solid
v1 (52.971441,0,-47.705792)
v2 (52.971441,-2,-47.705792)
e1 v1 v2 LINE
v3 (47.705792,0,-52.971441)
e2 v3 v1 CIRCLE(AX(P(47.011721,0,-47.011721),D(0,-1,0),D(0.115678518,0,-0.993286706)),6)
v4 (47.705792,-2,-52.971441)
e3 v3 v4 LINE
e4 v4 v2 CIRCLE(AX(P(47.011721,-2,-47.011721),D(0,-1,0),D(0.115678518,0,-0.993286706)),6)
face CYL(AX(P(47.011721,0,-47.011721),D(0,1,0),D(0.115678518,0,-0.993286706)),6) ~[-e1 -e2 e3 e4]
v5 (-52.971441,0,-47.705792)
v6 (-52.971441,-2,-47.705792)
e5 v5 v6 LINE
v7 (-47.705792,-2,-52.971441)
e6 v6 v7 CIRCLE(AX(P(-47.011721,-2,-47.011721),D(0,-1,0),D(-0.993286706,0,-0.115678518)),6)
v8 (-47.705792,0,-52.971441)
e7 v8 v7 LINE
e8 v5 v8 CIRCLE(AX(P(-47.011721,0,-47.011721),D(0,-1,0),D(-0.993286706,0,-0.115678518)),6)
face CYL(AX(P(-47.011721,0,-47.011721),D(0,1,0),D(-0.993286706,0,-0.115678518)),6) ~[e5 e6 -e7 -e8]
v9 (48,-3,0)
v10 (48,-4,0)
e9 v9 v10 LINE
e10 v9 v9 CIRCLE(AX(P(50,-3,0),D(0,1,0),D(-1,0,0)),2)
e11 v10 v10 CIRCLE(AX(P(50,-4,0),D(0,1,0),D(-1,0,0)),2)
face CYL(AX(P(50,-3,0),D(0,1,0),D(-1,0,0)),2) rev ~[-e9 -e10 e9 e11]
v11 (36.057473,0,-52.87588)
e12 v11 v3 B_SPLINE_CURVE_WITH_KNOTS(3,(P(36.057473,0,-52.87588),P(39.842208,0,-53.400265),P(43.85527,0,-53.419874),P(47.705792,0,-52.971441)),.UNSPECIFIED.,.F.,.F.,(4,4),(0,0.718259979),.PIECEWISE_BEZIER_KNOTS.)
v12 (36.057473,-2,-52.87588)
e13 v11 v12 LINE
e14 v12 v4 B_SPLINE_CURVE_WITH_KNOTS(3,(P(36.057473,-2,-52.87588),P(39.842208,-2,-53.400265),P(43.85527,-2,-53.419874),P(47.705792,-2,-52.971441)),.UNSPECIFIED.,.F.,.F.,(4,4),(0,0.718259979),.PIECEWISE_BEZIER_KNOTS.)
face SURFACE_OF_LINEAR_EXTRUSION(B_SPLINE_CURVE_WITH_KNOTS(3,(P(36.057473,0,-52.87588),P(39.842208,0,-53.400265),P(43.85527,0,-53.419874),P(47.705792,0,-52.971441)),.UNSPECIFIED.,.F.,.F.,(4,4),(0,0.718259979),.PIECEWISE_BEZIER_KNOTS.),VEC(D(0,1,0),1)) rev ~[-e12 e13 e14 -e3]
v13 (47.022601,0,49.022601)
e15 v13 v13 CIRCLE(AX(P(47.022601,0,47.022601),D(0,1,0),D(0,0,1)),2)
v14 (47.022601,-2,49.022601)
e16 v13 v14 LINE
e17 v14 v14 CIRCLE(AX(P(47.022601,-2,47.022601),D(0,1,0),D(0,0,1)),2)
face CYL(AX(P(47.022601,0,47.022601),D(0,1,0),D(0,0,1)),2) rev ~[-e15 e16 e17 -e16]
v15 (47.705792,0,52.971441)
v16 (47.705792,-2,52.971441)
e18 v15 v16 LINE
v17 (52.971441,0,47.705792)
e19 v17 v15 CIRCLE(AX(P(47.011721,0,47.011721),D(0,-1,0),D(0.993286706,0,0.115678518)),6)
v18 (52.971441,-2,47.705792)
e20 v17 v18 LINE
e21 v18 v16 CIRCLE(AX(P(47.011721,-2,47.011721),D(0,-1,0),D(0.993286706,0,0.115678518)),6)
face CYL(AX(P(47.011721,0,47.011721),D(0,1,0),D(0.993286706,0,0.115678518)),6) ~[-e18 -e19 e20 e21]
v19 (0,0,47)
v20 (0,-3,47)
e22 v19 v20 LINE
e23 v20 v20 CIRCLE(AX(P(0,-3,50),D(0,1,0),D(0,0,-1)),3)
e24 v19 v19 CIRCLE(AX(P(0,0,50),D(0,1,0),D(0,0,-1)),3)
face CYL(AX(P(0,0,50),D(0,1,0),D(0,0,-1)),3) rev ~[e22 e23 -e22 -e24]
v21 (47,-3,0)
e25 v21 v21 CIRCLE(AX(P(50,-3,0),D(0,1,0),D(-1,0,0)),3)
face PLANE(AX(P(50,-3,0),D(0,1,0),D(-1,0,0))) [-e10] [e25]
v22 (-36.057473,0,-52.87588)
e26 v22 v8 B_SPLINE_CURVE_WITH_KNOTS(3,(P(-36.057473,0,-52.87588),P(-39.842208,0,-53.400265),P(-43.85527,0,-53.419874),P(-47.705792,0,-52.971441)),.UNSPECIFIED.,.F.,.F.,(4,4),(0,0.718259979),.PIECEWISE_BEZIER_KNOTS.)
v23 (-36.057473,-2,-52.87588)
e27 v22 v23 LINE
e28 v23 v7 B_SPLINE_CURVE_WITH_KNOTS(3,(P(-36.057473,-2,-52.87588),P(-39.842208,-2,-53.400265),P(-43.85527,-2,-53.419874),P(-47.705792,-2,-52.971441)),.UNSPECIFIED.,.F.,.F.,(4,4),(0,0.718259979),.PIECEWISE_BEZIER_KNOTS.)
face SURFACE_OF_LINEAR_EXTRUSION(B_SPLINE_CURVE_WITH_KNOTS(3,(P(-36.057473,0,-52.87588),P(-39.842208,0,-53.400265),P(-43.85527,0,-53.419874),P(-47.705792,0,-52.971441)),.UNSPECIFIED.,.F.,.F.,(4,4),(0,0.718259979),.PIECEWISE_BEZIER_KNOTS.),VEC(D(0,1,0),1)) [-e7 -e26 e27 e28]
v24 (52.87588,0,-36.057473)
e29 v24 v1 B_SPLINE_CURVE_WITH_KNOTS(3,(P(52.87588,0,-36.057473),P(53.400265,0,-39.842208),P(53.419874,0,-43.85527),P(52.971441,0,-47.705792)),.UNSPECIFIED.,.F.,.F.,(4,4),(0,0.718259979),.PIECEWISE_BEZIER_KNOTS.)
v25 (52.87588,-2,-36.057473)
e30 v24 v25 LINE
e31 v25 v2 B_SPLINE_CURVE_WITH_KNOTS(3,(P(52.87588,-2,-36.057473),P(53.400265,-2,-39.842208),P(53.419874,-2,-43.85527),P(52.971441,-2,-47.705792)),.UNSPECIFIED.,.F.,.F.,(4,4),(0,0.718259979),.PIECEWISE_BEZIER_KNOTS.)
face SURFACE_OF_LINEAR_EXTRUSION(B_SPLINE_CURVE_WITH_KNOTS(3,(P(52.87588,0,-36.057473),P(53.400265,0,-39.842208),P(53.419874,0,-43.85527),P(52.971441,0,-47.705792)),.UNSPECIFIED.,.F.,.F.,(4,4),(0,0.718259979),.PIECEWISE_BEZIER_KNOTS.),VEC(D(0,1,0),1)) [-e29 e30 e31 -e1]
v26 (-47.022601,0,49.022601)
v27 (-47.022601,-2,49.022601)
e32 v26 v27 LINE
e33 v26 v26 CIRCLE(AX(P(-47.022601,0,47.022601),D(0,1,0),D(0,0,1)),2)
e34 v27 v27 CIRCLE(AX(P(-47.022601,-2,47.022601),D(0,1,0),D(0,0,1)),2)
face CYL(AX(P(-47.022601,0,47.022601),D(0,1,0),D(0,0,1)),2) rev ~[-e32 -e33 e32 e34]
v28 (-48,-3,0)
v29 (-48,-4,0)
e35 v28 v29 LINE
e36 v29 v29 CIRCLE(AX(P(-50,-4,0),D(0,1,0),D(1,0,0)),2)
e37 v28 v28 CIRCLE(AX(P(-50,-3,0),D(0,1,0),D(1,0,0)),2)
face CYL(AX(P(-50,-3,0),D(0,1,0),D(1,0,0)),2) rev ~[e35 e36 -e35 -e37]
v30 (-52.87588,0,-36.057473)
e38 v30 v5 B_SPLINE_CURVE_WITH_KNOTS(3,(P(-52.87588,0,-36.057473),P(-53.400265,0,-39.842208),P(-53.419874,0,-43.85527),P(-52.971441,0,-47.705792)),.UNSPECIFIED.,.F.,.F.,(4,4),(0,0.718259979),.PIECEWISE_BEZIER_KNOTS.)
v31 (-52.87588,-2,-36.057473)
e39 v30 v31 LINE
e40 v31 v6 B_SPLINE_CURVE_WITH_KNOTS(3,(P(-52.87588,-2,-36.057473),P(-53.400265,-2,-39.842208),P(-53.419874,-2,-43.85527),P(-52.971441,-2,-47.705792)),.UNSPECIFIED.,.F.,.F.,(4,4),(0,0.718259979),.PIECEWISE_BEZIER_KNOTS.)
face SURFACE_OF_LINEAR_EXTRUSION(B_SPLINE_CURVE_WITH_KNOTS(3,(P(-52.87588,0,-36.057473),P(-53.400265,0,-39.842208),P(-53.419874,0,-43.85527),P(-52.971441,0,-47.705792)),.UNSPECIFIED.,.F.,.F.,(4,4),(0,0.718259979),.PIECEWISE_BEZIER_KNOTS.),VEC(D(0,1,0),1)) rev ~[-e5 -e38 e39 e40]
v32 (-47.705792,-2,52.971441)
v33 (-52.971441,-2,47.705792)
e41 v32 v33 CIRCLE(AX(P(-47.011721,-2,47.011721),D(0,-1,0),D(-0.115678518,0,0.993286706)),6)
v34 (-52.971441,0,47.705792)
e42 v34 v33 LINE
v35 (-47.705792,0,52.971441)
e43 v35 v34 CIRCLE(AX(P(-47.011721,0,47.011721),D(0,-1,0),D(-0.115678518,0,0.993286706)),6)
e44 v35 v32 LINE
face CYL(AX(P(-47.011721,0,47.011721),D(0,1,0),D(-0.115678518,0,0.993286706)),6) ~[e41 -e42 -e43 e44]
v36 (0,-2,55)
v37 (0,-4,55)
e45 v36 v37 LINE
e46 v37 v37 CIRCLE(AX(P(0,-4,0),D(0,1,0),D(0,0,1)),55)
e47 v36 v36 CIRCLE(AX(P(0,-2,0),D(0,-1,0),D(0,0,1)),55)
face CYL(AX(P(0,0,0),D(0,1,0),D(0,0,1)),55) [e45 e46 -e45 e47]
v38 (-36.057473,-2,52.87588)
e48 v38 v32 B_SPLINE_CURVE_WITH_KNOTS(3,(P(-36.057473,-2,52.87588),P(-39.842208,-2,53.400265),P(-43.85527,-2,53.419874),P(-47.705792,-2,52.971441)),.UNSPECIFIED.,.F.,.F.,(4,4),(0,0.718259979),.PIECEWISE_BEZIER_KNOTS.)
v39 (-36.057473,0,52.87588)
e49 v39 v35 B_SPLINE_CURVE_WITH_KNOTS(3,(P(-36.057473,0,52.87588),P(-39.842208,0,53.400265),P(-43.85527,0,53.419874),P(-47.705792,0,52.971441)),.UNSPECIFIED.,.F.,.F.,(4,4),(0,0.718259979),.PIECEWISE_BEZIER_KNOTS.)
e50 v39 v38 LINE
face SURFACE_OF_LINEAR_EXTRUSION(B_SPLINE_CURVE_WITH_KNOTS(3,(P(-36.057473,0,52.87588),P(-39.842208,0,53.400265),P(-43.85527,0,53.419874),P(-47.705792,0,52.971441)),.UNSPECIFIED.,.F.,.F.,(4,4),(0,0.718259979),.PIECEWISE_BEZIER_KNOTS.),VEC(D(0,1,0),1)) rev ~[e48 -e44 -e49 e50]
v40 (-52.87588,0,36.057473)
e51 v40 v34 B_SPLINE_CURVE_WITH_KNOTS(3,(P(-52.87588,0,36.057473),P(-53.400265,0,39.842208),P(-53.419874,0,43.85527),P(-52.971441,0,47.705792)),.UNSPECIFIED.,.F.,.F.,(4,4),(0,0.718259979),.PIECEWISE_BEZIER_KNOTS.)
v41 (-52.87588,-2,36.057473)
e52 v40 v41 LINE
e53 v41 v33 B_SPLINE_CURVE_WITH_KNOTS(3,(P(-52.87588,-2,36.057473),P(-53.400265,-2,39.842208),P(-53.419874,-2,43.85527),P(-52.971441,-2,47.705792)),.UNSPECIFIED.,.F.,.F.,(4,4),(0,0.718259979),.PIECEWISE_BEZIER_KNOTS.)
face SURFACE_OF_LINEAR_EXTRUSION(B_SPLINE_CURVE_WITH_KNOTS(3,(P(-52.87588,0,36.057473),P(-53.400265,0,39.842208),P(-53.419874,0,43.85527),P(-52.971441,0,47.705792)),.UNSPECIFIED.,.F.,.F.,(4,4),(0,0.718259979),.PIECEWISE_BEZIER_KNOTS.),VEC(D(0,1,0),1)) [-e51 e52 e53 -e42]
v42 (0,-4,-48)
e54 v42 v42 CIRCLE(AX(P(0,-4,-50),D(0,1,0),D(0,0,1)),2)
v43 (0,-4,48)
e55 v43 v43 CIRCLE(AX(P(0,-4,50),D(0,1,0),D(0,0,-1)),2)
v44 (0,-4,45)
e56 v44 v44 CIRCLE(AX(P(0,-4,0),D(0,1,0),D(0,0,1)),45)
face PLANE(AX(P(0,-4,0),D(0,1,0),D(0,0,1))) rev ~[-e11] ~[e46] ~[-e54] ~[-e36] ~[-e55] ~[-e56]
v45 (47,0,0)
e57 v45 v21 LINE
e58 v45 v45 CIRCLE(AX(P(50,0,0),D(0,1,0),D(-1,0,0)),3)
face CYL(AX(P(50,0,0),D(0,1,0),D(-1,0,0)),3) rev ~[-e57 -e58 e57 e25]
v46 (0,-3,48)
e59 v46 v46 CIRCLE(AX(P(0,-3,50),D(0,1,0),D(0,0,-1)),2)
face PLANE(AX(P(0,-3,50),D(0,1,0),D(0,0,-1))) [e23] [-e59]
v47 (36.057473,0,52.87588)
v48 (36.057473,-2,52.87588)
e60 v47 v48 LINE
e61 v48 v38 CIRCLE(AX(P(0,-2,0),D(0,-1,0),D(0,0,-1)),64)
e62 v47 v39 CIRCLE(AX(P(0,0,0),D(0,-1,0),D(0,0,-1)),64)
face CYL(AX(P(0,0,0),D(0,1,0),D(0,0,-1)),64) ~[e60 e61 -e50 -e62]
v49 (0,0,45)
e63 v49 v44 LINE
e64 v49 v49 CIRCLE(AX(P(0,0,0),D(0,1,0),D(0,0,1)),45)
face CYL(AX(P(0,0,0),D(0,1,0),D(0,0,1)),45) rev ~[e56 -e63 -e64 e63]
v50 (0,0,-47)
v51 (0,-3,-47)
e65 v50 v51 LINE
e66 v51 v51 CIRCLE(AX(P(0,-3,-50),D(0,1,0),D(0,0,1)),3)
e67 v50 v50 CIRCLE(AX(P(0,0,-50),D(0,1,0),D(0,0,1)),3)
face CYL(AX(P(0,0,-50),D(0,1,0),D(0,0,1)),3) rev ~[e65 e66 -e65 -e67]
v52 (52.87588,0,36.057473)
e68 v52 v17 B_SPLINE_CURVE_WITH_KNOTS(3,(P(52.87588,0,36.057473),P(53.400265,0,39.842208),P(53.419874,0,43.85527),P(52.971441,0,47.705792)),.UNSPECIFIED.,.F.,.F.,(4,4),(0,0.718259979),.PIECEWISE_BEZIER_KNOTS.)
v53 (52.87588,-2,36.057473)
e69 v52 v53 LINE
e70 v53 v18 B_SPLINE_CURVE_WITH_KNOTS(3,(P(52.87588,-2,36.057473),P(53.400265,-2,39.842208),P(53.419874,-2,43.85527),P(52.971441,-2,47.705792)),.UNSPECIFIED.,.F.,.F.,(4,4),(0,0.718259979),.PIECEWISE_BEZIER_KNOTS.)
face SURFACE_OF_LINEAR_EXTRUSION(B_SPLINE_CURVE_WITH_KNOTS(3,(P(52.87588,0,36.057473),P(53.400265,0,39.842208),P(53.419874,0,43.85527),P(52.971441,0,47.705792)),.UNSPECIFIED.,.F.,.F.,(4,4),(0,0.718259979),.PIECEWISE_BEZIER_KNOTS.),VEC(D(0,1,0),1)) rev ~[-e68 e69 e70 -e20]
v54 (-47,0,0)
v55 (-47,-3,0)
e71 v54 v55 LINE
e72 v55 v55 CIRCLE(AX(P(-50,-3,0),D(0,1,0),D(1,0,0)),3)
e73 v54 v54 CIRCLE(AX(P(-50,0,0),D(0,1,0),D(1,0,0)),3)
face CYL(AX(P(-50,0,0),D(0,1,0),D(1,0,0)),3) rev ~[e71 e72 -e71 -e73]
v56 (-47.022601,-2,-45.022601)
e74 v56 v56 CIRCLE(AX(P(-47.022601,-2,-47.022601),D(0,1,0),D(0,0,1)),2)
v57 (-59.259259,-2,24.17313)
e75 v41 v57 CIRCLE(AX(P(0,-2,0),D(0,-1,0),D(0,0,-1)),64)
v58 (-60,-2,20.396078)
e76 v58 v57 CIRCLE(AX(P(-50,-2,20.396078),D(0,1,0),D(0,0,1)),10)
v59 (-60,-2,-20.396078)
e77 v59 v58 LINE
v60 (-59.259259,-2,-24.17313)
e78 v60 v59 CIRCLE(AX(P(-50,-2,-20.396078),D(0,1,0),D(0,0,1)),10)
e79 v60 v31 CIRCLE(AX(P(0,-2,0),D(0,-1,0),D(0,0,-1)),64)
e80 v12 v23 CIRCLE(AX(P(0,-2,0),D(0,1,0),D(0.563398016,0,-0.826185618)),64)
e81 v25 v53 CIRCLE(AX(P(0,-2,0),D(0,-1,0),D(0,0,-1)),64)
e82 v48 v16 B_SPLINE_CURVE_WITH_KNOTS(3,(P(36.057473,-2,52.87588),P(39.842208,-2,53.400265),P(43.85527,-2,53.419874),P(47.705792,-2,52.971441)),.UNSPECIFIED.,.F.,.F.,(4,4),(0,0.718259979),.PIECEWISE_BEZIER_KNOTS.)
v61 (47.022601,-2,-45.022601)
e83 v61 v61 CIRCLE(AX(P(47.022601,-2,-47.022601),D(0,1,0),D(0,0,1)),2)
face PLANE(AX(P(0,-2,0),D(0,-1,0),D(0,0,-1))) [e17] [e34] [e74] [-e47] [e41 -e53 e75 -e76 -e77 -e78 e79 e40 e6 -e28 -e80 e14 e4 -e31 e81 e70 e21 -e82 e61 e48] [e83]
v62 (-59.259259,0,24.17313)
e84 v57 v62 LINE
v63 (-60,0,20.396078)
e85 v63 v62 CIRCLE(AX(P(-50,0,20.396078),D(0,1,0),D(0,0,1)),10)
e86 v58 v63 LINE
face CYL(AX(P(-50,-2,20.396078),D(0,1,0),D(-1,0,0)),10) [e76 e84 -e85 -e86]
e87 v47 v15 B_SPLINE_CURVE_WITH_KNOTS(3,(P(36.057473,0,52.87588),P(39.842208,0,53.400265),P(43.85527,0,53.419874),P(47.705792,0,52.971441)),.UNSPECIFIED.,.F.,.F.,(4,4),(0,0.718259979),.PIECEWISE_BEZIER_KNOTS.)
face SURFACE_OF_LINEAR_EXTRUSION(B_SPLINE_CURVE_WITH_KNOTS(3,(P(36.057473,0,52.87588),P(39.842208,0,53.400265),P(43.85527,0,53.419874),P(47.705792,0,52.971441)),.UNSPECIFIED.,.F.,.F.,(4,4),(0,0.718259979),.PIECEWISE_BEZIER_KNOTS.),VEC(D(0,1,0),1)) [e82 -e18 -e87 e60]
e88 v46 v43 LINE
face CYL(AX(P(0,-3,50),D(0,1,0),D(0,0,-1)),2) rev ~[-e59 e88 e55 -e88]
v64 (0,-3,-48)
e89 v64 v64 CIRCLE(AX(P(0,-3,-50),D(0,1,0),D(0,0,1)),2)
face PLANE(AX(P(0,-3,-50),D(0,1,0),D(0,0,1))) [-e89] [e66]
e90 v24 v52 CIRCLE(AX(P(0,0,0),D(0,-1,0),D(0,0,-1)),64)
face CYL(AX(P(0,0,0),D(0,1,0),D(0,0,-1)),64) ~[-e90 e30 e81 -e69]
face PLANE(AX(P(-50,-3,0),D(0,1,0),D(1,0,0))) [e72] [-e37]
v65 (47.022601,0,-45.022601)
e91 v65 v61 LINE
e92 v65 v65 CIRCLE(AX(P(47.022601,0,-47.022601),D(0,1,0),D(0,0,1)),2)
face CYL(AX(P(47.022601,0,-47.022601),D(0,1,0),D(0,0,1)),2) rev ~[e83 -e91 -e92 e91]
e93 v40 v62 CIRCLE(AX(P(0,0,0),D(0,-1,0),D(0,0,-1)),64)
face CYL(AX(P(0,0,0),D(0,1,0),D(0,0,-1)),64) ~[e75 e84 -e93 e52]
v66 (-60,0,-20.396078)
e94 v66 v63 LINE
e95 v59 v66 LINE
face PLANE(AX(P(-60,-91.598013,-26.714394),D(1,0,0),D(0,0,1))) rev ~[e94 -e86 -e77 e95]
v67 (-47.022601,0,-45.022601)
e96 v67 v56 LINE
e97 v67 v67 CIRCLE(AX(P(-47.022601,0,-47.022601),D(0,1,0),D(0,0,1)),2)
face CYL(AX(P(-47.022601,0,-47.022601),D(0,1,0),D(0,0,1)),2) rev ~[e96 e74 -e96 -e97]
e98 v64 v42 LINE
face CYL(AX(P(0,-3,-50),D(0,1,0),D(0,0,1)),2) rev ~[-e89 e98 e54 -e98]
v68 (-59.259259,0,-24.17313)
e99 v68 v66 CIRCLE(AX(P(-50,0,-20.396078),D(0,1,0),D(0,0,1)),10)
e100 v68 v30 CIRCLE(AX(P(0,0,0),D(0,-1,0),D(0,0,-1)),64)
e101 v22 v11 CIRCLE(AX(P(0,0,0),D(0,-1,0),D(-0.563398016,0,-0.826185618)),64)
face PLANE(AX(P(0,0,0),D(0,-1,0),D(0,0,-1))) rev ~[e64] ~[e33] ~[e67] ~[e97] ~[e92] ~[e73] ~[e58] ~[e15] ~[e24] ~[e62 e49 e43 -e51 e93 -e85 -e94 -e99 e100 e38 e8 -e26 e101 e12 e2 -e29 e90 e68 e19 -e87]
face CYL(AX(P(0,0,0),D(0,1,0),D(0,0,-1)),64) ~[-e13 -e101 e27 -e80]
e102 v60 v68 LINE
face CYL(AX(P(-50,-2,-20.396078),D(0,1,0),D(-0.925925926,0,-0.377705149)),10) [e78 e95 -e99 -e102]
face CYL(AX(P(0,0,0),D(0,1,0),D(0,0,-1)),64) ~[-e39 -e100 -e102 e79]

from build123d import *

# Parameters (mm, degrees)
SKETCH_1_R               = 55
SKETCH_1_R_2             = 45
EXTRUDE_1_DEPTH          = 4
EXTRUDE_START            = -4
SKETCH_2_R               = 64
SKETCH_2_R_2             = 55
EXTRUDE_2_DEPTH          = 2
SKETCH_3_R               = 3
CUT_EXTRUDE_1_DEPTH      = 3
PATTERN_CIRCULAR_1_COUNT = 4
SKETCH_4_R               = 2
CUT_EXTRUDE_2_DEPTH      = 91.559372789
PATTERN_CIRCULAR_2_COUNT = 4
SKETCH_5_R               = 2
EXTRUDE_3_DEPTH          = 2
CUT_EXTRUDE_3_DEPTH      = 91.598013365
CUT_EXTRUDE_3_DEPTH_BACK = 91.598013365
FILLET_1_R               = 10


with BuildPart() as part:
    # 草图1 → 凸台-拉伸1 (new body)
    with BuildSketch(Plane(origin=(0, 0, 0), x_dir=(1, 0, 0), z_dir=(0, 1, 0))):
        with Locations(Location((0, 0, 0), (0, 0, 270))):
            Circle(SKETCH_1_R)
        with Locations(Location((0, 0, 0), (0, 0, 270))):
            Circle(SKETCH_1_R_2, mode=Mode.SUBTRACT)
    extrude(amount=-EXTRUDE_1_DEPTH)

    # 草图2 → 凸台-拉伸2 (add)
    with BuildSketch(Plane(origin=(0, -4, 0), x_dir=(-1, 0, 0), z_dir=(0, -1, 0)).offset(EXTRUDE_START)):
        with Locations(Location((0, 0, 0), (0, 0, 90))):
            Circle(SKETCH_2_R)
        with Locations(Location((0, 0, 0), (0, 0, 270))):
            Circle(SKETCH_2_R_2, mode=Mode.SUBTRACT)
    extrude(amount=EXTRUDE_2_DEPTH)

    # 草图3 → 切除-拉伸1 (cut)
    with BuildSketch(Plane(origin=(0, 0, 0), x_dir=(1, 0, 0), z_dir=(0, 1, 0))):
        with Locations(Location((0, 50, 0), (0, 0, 270))):
            Circle(SKETCH_3_R)
    cut_extrude_1 = extrude(amount=-CUT_EXTRUDE_1_DEPTH, mode=Mode.SUBTRACT)

    # 阵列(圆周)1: 切除-拉伸1 ×4 about axis
    pattern_circular_1_axis = Axis((0, 0, 0), (0, 1, 0))
    for i in range(1, PATTERN_CIRCULAR_1_COUNT):
        add(cut_extrude_1.rotate(pattern_circular_1_axis, i * 360 / PATTERN_CIRCULAR_1_COUNT), mode=Mode.SUBTRACT)

    # 草图4 → 切除-拉伸2 (cut, through all)
    with BuildSketch(Plane(origin=(0, -3, 0), x_dir=(1, 0, 0), z_dir=(0, 1, 0))):
        with Locations(Location((0, 50, 0), (0, 0, 270))):
            Circle(SKETCH_4_R)
    cut_extrude_2 = extrude(amount=-CUT_EXTRUDE_2_DEPTH, mode=Mode.SUBTRACT)

    # 阵列(圆周)2: 切除-拉伸2 ×4 about axis
    pattern_circular_2_axis = Axis((0, 0, 0), (0, 1, 0))
    for i in range(1, PATTERN_CIRCULAR_2_COUNT):
        add(cut_extrude_2.rotate(pattern_circular_2_axis, i * 360 / PATTERN_CIRCULAR_2_COUNT), mode=Mode.SUBTRACT)

    # 草图5 → 凸台-拉伸3 (add)
    # profile 1 of 4: a face of its own
    with BuildSketch(Plane(origin=(0, 0, 0), x_dir=(1, 0, 0), z_dir=(0, 1, 0))):
        with BuildLine():
            ThreePointArc((47.70579193, 52.971441059), (51.25436151, 51.25436151), (52.971441059, 47.70579193))
            add(Edge.make_bspline(
                [(52.875879568, 36.057473011), (53.400264575, 39.842208211), (53.419874183, 43.855270087), (52.971441059, 47.70579193)],
                knots=[0, 0, 0, 0, 0.718259979, 0.718259979, 0.718259979, 0.718259979], degree=3))
            ThreePointArc((52.875879568, 36.057473011), (45.254833996, 45.254833996), (36.057473011, 52.875879568))
            add(Edge.make_bspline(
                [(36.057473011, 52.875879568), (39.842208211, 53.400264575), (43.855270087, 53.419874183), (47.70579193, 52.971441059)],
                knots=[0, 0, 0, 0, 0.718259979, 0.718259979, 0.718259979, 0.718259979], degree=3))
        make_face()
        with Locations(Location((47.022600949, 47.022600949, 0), (0, 0, 270))):
            Circle(SKETCH_5_R, mode=Mode.SUBTRACT)
    # profile 2 of 4: a face of its own
    with BuildSketch(Plane(origin=(0, 0, 0), x_dir=(1, 0, 0), z_dir=(0, 1, 0))):
        with BuildLine():
            ThreePointArc((52.971441059, -47.70579193), (51.25436151, -51.25436151), (47.70579193, -52.971441059))
            add(Edge.make_bspline(
                [(36.057473011, -52.875879568), (39.842208211, -53.400264575), (43.855270087, -53.419874183), (47.70579193, -52.971441059)],
                knots=[0, 0, 0, 0, 0.718259979, 0.718259979, 0.718259979, 0.718259979], degree=3))
            ThreePointArc((36.057473011, -52.875879568), (45.254833996, -45.254833996), (52.875879568, -36.057473011))
            add(Edge.make_bspline(
                [(52.875879568, -36.057473011), (53.400264575, -39.842208211), (53.419874183, -43.855270087), (52.971441059, -47.70579193)],
                knots=[0, 0, 0, 0, 0.718259979, 0.718259979, 0.718259979, 0.718259979], degree=3))
        make_face()
        with Locations(Location((47.022600949, -47.022600949, 0), (0, 0, 270))):
            Circle(SKETCH_5_R, mode=Mode.SUBTRACT)
    # profile 3 of 4: a face of its own
    with BuildSketch(Plane(origin=(0, 0, 0), x_dir=(1, 0, 0), z_dir=(0, 1, 0))):
        with BuildLine():
            ThreePointArc((-47.70579193, -52.971441059), (-51.25436151, -51.25436151), (-52.971441059, -47.70579193))
            add(Edge.make_bspline(
                [(-52.875879568, -36.057473011), (-53.400264576, -39.842208211), (-53.419874183, -43.855270087), (-52.971441059, -47.70579193)],
                knots=[0, 0, 0, 0, 0.718259979, 0.718259979, 0.718259979, 0.718259979], degree=3))
            ThreePointArc((-52.875879568, -36.057473011), (-45.254833996, -45.254833996), (-36.057473011, -52.875879568))
            add(Edge.make_bspline(
                [(-36.057473011, -52.875879568), (-39.842208211, -53.400264575), (-43.855270087, -53.419874183), (-47.70579193, -52.971441059)],
                knots=[0, 0, 0, 0, 0.718259979, 0.718259979, 0.718259979, 0.718259979], degree=3))
        make_face()
        with Locations(Location((-47.022600949, -47.022600949, 0), (0, 0, 270))):
            Circle(SKETCH_5_R, mode=Mode.SUBTRACT)
    # profile 4 of 4: a face of its own
    with BuildSketch(Plane(origin=(0, 0, 0), x_dir=(1, 0, 0), z_dir=(0, 1, 0))):
        with BuildLine():
            ThreePointArc((-52.971441059, 47.70579193), (-51.25436151, 51.25436151), (-47.70579193, 52.971441059))
            add(Edge.make_bspline(
                [(-36.057473011, 52.875879568), (-39.842208211, 53.400264576), (-43.855270087, 53.419874183), (-47.70579193, 52.971441059)],
                knots=[0, 0, 0, 0, 0.718259979, 0.718259979, 0.718259979, 0.718259979], degree=3))
            ThreePointArc((-36.057473011, 52.875879568), (-45.254833996, 45.254833996), (-52.875879568, 36.057473011))
            add(Edge.make_bspline(
                [(-52.875879568, 36.057473011), (-53.400264575, 39.842208211), (-53.419874183, 43.855270087), (-52.971441059, 47.70579193)],
                knots=[0, 0, 0, 0, 0.718259979, 0.718259979, 0.718259979, 0.718259979], degree=3))
        make_face()
        with Locations(Location((-47.022600949, 47.022600949, 0), (0, 0, 270))):
            Circle(SKETCH_5_R, mode=Mode.SUBTRACT)
    extrude(amount=-EXTRUDE_3_DEPTH)

    # 草图6 → 切除-拉伸3 (cut, two sides: drawn at the far end of the back side and taken through both)
    with BuildSketch(Plane(origin=(0, 0, 0), x_dir=(1, 0, 0), z_dir=(0, 1, 0)).offset(-CUT_EXTRUDE_3_DEPTH_BACK)):
        Polygon((-60, 26.714394046), (-60, -26.64509416), (-76.414310547, -26.64509416), (-74.893876556, 32.809859769), align=None)
    extrude(amount=CUT_EXTRUDE_3_DEPTH + CUT_EXTRUDE_3_DEPTH_BACK, mode=Mode.SUBTRACT)

    # 圆角1
    fillet_1_edges = [part.edges().sort_by_distance(p)[0] for p in [
        (-60, -1, 22.271057451),
        (-60, -1, -22.271057451),
    ]]
    fillet(fillet_1_edges, radius=FILLET_1_R)


solid = part.part
